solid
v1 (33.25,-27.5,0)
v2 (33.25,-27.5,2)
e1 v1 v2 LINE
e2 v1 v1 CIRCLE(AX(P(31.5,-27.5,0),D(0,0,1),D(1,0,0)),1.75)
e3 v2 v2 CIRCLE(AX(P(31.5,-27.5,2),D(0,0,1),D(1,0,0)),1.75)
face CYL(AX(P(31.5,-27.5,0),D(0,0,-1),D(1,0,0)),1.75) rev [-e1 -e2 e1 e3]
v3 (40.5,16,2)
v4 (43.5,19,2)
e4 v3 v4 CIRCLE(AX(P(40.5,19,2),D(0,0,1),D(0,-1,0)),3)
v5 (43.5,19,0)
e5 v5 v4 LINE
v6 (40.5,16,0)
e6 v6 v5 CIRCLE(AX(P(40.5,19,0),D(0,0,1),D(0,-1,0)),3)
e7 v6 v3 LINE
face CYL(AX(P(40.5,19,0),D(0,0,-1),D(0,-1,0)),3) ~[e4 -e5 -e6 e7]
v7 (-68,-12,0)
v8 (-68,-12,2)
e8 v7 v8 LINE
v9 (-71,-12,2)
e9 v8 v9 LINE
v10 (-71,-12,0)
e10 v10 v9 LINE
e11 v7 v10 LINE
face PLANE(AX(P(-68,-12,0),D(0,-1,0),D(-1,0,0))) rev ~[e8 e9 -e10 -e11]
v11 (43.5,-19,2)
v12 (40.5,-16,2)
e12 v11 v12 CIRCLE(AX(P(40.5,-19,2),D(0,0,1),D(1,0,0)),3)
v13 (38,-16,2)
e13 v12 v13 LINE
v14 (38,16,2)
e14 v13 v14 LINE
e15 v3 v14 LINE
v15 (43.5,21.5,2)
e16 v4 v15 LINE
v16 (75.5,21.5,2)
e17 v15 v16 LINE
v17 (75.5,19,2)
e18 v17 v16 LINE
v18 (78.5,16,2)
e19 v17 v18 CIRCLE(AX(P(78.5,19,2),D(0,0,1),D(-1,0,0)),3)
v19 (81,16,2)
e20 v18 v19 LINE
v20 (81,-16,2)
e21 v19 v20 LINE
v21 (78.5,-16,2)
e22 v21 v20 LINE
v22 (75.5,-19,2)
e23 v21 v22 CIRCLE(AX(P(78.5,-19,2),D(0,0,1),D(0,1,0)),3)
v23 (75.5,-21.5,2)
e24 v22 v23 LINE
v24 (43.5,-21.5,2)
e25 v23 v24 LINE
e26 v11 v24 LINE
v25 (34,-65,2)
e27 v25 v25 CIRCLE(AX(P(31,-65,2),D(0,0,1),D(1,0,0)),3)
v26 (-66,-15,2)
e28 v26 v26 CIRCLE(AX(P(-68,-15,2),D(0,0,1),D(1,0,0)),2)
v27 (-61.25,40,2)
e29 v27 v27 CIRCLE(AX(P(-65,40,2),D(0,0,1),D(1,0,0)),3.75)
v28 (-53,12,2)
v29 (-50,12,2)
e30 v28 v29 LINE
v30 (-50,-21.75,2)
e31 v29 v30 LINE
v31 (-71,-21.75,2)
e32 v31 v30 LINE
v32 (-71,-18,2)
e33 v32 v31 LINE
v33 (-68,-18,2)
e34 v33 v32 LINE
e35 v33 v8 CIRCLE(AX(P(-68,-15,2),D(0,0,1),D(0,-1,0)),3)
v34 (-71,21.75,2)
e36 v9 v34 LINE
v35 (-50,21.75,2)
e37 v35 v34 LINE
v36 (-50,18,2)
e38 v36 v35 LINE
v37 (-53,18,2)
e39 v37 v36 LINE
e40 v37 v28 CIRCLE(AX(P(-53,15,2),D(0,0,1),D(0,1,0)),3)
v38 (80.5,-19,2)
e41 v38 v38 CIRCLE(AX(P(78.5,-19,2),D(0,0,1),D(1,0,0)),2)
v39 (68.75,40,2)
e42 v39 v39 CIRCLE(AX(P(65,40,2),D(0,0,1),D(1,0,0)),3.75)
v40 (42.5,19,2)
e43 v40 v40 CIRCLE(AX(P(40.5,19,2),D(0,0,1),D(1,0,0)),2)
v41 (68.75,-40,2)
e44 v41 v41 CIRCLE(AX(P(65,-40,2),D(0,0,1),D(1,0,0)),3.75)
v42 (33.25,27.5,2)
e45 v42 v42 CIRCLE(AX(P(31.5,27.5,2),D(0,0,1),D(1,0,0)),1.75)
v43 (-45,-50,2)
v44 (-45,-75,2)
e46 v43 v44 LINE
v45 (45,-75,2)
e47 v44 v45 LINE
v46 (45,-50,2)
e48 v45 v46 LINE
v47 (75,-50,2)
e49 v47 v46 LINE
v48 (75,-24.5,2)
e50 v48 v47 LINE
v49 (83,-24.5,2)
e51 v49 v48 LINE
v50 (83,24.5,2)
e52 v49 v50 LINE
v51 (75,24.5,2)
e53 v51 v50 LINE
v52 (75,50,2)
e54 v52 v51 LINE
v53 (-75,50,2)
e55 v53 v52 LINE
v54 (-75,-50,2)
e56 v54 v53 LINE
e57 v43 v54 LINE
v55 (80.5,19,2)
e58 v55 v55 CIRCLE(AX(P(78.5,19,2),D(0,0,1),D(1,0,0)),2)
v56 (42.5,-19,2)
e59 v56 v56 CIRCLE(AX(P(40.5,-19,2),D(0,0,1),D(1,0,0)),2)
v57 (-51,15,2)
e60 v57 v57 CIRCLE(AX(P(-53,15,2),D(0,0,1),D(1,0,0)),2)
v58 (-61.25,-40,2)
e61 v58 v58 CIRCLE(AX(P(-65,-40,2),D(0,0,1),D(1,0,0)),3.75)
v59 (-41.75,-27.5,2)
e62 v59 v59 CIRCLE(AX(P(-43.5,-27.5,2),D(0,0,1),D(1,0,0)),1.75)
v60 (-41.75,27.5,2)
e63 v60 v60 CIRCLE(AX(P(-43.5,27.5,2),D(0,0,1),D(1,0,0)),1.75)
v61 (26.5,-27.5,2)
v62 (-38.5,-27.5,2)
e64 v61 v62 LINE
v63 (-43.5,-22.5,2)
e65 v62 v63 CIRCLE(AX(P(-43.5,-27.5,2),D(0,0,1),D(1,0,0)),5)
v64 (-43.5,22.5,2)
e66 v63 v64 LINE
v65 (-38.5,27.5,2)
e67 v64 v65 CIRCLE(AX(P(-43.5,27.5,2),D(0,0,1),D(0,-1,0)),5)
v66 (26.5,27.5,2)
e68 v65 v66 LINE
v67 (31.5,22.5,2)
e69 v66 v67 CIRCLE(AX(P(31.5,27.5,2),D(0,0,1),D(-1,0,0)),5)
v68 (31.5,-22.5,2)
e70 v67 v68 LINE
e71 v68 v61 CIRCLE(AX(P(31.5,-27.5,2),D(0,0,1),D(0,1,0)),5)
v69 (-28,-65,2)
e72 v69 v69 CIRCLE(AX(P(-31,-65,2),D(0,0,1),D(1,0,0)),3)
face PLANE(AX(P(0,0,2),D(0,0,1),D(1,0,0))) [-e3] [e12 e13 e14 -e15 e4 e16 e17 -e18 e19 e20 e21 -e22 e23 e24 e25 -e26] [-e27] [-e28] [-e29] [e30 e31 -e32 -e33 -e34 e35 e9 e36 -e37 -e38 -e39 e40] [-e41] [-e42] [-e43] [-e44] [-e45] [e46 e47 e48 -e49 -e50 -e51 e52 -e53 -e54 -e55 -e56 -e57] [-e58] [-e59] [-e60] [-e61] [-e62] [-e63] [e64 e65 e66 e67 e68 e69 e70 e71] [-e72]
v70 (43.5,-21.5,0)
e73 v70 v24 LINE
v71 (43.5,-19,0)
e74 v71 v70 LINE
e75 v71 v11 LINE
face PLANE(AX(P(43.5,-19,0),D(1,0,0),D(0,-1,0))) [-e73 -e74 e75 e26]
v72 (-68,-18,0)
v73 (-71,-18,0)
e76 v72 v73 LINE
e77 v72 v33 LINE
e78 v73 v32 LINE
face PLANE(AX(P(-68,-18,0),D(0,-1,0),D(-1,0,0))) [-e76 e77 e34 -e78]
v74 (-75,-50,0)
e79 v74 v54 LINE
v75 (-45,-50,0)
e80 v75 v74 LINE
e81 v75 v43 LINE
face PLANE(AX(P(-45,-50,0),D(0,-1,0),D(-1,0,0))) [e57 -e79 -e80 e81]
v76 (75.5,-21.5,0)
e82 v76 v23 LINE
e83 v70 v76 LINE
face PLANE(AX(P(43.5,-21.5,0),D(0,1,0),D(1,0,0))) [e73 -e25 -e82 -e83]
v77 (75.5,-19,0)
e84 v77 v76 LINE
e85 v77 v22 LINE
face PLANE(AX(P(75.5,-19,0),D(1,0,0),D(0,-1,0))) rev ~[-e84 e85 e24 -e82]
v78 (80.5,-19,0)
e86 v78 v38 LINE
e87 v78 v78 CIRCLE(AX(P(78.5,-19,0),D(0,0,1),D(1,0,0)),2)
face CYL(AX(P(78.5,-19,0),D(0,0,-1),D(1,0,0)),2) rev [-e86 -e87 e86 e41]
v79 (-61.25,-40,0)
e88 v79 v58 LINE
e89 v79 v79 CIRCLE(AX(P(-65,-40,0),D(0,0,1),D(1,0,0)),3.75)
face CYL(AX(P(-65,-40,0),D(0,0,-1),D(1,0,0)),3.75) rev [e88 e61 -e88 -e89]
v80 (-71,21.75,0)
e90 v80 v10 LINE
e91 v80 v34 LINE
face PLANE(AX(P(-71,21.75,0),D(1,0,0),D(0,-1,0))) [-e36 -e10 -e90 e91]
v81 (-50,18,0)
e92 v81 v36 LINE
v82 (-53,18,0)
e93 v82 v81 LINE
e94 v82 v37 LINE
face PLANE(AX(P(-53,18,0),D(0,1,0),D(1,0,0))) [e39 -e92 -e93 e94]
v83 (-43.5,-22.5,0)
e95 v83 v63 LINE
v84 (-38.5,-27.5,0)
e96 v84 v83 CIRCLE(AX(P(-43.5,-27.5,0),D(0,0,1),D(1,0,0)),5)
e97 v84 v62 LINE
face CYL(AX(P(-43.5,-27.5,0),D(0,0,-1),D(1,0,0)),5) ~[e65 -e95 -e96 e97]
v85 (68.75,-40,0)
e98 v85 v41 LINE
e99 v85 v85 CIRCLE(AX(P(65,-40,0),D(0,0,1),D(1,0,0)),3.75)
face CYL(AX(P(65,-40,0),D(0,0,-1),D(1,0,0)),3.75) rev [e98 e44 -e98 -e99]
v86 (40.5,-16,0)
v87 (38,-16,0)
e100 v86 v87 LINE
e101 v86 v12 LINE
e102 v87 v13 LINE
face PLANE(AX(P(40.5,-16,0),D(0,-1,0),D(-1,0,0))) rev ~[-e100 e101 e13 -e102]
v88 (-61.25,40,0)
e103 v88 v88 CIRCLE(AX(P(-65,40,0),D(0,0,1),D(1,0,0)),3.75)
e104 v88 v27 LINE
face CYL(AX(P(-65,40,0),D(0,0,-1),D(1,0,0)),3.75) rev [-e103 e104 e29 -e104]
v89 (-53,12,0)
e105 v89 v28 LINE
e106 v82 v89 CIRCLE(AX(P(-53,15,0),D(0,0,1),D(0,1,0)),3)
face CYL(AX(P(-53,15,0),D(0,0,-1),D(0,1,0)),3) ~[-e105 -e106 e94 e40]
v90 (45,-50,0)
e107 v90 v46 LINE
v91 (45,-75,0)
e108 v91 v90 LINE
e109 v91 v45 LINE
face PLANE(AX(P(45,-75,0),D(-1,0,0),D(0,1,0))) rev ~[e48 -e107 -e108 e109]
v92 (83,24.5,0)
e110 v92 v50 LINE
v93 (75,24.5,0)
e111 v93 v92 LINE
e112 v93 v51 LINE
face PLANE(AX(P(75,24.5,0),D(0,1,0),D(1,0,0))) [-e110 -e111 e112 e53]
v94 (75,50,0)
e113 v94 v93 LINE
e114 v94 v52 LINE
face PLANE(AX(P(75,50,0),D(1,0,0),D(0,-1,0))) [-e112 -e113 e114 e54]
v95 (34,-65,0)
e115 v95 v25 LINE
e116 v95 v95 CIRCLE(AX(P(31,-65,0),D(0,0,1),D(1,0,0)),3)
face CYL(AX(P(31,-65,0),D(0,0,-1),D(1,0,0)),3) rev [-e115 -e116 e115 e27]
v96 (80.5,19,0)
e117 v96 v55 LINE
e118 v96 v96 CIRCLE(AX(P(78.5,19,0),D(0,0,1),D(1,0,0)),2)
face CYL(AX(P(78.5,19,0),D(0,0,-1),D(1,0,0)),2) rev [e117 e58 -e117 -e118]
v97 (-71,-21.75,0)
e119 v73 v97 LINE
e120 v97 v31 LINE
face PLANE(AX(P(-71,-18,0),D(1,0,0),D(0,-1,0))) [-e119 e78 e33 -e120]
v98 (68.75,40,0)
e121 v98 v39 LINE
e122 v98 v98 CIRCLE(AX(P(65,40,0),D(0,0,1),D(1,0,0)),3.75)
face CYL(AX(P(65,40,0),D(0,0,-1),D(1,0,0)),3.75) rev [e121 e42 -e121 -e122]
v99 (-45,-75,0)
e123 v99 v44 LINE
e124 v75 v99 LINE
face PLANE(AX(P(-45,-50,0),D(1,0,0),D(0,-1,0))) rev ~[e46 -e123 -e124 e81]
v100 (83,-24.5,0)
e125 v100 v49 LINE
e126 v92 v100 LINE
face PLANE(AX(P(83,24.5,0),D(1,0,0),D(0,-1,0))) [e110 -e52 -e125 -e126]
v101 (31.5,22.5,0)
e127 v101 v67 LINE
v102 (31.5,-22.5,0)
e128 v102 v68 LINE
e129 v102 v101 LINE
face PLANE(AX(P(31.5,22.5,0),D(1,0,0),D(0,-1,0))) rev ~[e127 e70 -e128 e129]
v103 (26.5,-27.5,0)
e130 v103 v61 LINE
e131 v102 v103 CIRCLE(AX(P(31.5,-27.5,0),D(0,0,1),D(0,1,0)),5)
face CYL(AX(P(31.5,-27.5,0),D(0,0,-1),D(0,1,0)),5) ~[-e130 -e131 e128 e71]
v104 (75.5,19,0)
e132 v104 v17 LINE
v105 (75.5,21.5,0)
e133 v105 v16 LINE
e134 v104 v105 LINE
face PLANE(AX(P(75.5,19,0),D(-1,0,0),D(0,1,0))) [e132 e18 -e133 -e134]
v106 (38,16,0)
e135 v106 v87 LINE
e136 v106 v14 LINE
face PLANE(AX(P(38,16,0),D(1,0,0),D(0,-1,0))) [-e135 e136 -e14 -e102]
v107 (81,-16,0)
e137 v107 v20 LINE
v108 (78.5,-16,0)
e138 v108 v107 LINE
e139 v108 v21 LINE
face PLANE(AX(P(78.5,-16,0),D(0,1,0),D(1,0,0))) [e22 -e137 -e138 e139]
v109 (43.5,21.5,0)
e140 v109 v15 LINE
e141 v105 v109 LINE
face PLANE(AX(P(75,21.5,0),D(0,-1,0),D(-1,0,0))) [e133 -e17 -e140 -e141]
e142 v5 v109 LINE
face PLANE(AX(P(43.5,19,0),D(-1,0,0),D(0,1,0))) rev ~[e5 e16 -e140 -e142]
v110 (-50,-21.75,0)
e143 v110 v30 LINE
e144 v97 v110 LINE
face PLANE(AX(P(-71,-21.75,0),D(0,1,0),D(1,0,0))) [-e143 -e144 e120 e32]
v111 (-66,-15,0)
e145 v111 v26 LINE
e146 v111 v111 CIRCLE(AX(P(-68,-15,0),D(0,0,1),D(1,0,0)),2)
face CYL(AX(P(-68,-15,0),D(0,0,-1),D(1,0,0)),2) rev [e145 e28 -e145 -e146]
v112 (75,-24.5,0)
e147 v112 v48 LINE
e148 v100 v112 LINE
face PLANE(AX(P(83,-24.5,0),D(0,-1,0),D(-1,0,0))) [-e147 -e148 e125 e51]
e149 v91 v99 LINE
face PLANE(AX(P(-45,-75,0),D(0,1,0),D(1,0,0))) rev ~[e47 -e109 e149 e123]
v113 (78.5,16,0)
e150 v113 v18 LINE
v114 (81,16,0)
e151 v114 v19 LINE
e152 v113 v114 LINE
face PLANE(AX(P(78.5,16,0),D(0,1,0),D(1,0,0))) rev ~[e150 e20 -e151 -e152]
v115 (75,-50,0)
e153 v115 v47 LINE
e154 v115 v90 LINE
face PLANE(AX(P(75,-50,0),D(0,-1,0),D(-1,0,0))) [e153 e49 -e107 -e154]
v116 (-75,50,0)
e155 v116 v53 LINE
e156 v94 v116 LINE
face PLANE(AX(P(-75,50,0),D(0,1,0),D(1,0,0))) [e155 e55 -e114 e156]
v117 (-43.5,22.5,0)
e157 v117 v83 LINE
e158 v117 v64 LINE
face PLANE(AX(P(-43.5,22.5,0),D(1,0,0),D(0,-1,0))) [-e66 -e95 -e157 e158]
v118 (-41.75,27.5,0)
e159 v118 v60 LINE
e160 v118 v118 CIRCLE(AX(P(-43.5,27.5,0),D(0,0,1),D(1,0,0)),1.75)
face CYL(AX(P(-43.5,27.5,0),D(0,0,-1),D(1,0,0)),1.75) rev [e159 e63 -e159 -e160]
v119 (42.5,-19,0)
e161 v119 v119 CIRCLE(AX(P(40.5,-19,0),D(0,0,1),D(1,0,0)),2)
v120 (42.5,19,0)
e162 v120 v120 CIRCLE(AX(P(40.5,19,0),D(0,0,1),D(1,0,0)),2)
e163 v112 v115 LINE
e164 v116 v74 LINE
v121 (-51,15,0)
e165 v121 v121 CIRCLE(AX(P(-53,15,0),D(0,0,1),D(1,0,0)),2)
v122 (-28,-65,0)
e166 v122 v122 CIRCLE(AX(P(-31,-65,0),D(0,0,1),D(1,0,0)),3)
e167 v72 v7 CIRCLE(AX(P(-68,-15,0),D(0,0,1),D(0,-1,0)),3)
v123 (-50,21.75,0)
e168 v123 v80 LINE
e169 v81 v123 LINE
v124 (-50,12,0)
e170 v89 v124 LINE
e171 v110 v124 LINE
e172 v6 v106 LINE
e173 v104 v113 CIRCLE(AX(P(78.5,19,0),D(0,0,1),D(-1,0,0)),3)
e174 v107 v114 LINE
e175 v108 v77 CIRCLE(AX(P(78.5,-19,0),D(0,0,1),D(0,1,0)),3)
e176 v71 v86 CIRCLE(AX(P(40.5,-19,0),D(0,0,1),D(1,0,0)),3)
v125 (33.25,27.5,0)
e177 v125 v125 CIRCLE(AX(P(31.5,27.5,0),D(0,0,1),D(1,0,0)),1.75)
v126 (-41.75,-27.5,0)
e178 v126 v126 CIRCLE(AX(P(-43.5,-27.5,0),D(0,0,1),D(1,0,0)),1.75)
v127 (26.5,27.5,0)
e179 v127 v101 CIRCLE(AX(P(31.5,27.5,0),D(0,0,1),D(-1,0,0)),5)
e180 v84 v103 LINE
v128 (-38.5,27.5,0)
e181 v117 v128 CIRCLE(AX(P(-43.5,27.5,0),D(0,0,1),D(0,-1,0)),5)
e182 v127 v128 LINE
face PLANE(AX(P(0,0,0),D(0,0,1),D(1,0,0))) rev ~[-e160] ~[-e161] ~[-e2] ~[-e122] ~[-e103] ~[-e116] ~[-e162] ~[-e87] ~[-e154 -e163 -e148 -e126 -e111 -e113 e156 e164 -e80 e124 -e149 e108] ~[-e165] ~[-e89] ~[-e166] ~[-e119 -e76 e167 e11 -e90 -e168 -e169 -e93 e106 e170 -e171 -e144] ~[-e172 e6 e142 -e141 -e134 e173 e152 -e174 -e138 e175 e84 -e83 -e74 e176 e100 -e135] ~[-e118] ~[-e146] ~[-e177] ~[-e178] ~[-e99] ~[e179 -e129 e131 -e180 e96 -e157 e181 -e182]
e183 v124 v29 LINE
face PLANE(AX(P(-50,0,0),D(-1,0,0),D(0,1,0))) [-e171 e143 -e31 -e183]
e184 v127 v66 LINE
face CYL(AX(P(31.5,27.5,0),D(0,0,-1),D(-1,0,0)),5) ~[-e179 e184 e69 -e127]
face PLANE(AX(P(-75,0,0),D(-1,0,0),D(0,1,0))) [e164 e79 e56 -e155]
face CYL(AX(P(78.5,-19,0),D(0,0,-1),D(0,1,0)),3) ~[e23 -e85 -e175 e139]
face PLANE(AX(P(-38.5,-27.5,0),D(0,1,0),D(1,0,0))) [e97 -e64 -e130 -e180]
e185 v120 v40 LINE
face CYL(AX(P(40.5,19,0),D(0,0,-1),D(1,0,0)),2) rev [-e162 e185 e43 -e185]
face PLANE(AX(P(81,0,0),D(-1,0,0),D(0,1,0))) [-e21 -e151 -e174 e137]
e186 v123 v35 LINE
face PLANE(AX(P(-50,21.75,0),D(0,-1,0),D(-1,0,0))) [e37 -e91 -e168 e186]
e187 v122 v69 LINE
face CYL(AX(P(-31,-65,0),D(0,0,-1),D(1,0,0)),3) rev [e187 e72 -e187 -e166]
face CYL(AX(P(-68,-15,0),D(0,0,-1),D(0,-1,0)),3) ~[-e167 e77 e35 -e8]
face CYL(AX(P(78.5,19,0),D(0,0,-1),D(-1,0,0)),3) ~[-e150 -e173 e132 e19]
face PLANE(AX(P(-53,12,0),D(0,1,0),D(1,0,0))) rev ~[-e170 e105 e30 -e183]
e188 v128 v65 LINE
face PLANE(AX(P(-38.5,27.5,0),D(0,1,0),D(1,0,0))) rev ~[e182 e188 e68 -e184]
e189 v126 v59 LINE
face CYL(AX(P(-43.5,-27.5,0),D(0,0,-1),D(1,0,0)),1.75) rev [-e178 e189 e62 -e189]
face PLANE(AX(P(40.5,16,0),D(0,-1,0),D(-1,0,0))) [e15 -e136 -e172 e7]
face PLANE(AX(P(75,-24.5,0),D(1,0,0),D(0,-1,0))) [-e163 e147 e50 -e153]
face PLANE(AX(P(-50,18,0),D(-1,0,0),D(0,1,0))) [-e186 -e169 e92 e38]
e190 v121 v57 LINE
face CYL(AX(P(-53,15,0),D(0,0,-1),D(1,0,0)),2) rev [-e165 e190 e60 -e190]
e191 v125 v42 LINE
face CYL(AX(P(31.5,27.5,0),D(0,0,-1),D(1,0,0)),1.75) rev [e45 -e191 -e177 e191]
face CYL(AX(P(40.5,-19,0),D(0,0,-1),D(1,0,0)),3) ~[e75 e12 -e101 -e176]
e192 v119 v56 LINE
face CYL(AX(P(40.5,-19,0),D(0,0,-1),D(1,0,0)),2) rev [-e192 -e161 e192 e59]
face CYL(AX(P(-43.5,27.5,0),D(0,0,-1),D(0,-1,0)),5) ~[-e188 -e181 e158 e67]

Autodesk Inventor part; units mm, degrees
ref_plane "YZ Plane" through (0, 0, 0) normal (1, 0, 0) x (0, 1, 0)
ref_plane "XZ Plane" through (0, 0, 0) normal (0, 1, 0) x (-1, 0, 0)
ref_plane "XY Plane" through (0, 0, 0) normal (0, 0, 1) x (1, 0, 0)
sketch "Sketch1" plane through (0, 0, 0) normal (0, 0, 1) x (1, 0, 0)
  line L0 (-75, 50) -> (75, 50)
  line L1 (75, 50) -> (75, -50)
  line L2 (75, -50) -> (-75, -50)
  line L3 (-75, -50) -> (-75, 50)
  line L4 (-75, 50) -> (75, -50) construction
  line L5 (75, 50) -> (-75, -50) construction
  line L6 (0, -100) -> (0, 75) projected
  line L7 (-106.6, 0) -> (114.6, 0) projected
  circle A0 centre (-65, 40) radius 3.75
  circle A1 centre (65, 40) radius 3.75
  circle A2 centre (65, -40) radius 3.75
  circle A3 centre (-65, -40) radius 3.75
  circle A4 centre (-31, -65) radius 3
  circle A5 centre (31, -65) radius 3
  line L8 (-45, -50) -> (-45, -75)
  line L9 (-45, -75) -> (45, -75)
  line L10 (45, -75) -> (45, -50)
  circle A6 centre (-43.5, 27.5) radius 1.75
  circle A7 centre (-43.5, -27.5) radius 1.75
  circle A8 centre (31.5, 27.5) radius 1.75
  circle A9 centre (31.5, -27.5) radius 1.75
  arc A10 (-43.5, 22.5) -> (-38.5, 27.5) centre (-43.5, 27.5) ccw
  arc A11 (-38.5, -27.5) -> (-43.5, -22.5) centre (-43.5, -27.5) ccw
  line L11 (-43.5, 22.5) -> (-43.5, -22.5)
  arc A12 (26.5, 27.5) -> (31.5, 22.5) centre (31.5, 27.5) ccw
  line L12 (-38.5, 27.5) -> (26.5, 27.5)
  arc A13 (31.5, -22.5) -> (26.5, -27.5) centre (31.5, -27.5) ccw
  line L13 (31.5, 22.5) -> (31.5, -22.5)
  line L14 (-38.5, -27.5) -> (26.5, -27.5)
  circle A14 centre (-53, 15) radius 2
  circle A15 centre (-68, -15) radius 2
  line L15 (-71, -21.75) -> (-50, -21.75)
  line L16 (-50, -21.75) -> (-50, 21.75)
  line L17 (-50, 21.75) -> (-71, 21.75)
  line L18 (-71, -21.75) -> (-50, 21.75) construction
  line L19 (-50, -21.75) -> (-71, 21.75) construction
  line L20 (-53, 15) -> (-53, -15) construction
  line L21 (-53, -15) -> (-68, -15) construction
  line L22 (-53, 15) -> (-53, -15) construction
  line L23 (-71, 21.75) -> (-71, -21.75)
  arc A16 (-68, -18) -> (-68, -12) centre (-68, -15) ccw
  arc A17 (-53, 18) -> (-53, 12) centre (-53, 15) ccw
  line L24 (-68, -12) -> (-71, -12)
  line L25 (-68, -18) -> (-71, -18)
  line L26 (-53, 12) -> (-50, 12)
  line L27 (-53, 18) -> (-50, 18)
  line L28 (38, -21.5) -> (81, -21.5)
  line L29 (81, -21.5) -> (81, 21.5)
  line L30 (81, 21.5) -> (38, 21.5)
  line L31 (38, 21.5) -> (38, -21.5)
  line L32 (38, -21.5) -> (81, 21.5) construction
  line L33 (81, -21.5) -> (38, 21.5) construction
  line L34 (75, 24.5) -> (83, 24.5)
  line L35 (83, 24.5) -> (83, -24.5)
  line L36 (83, -24.5) -> (75, -24.5)
  circle A18 centre (40.5, 19) radius 2
  circle A19 centre (78.5, 19) radius 2
  circle A20 centre (40.5, -19) radius 2
  circle A21 centre (78.5, -19) radius 2
  arc A22 (40.5, 16) -> (43.5, 19) centre (40.5, 19) ccw
  arc A23 (75.5, 19) -> (78.5, 16) centre (78.5, 19) ccw
  arc A24 (78.5, -16) -> (75.5, -19) centre (78.5, -19) ccw
  arc A25 (43.5, -19) -> (40.5, -16) centre (40.5, -19) ccw
  line L37 (43.5, 19) -> (43.5, 21.5)
  line L38 (40.5, 16) -> (38, 16)
  line L39 (75.5, 19) -> (75.5, 21.5)
  line L40 (78.5, 16) -> (81, 16)
  line L41 (78.5, -16) -> (81, -16)
  line L42 (75.5, -19) -> (75.5, -21.5)
  line L43 (43.5, -19) -> (43.5, -21.5)
  line L44 (40.5, -16) -> (38, -16)
  point P0 (0, 0)
  point P1 (0, -27.5)
  point P2 (-60.5, 0)
  point P3 (-60.5, 21.75)
  point P4 (-60.5, -15)
  point P5 (-50, 0)
  point P6 (-53, 0)
  point P7 (-43.5, 0)
  point P8 (-75, 0)
  point P9 (-71, 0)
  point P10 (59.5, 0)
  point P11 (83, 0)
  point P12 (75, 0)
  point P13 (38, 0)
  point P14 (31.5, 0)
  dimension "d0" = 100
  dimension "d1" = 150
  dimension "d4" = 7.5
  dimension "d5" = 130
  dimension "d6" = 80
  dimension "d7" = 62
  dimension "d8" = 6
  dimension "d13" = 25
  dimension "d14" = 90
  dimension "d15" = 10
  dimension "d16" = 55
  dimension "d17" = 75
  dimension "d18" = 3.5
  dimension "d19" = 5
  dimension "d20" = 5
  dimension "d22" = 43.5
  dimension "d23" = 30
  dimension "d24" = 4
  dimension "d28" = 21
  dimension "d29" = 43.5
  dimension "d30" = 4
  dimension "d31" = 15
  dimension "d32" = 3
  dimension "d33" = 3
  dimension "d34" = 43
  dimension "d35" = 8
  dimension "d36" = 49
  dimension "d37" = 2
  dimension "d38" = 2.5
  dimension "d39" = 4
  dimension "d40" = 3
extrude "Extrusion1" add sketch "Sketch1" along normal blind 2 contours L0 L6 L12 A10 L11 L7 L16 L17 L23 L3 | L0 L1 L30 L31 L7 L13 A12 L12 L6 | L7 L23 L15 L16 L11 A11 L14 L6 L2 L3 | L34 L35 L7 L29 L30 L1 | L2 L6 L9 L8 | L24 A16 L25 L23 | L14 A13 L13 L7 L31 L28 L1 L2 L6 | L2 L10 L9 L6 | L26 A17 L27 L16 | L30 L29 L40 A23 L39 | L37 A22 L38 L31 L30 | L35 L36 L1 L28 L29 L7 | L44 A25 L43 L28 L31 | L42 A24 L41 L29 L28
properties part number "MOUNTING_PLATE" material "ABS Plastic"
